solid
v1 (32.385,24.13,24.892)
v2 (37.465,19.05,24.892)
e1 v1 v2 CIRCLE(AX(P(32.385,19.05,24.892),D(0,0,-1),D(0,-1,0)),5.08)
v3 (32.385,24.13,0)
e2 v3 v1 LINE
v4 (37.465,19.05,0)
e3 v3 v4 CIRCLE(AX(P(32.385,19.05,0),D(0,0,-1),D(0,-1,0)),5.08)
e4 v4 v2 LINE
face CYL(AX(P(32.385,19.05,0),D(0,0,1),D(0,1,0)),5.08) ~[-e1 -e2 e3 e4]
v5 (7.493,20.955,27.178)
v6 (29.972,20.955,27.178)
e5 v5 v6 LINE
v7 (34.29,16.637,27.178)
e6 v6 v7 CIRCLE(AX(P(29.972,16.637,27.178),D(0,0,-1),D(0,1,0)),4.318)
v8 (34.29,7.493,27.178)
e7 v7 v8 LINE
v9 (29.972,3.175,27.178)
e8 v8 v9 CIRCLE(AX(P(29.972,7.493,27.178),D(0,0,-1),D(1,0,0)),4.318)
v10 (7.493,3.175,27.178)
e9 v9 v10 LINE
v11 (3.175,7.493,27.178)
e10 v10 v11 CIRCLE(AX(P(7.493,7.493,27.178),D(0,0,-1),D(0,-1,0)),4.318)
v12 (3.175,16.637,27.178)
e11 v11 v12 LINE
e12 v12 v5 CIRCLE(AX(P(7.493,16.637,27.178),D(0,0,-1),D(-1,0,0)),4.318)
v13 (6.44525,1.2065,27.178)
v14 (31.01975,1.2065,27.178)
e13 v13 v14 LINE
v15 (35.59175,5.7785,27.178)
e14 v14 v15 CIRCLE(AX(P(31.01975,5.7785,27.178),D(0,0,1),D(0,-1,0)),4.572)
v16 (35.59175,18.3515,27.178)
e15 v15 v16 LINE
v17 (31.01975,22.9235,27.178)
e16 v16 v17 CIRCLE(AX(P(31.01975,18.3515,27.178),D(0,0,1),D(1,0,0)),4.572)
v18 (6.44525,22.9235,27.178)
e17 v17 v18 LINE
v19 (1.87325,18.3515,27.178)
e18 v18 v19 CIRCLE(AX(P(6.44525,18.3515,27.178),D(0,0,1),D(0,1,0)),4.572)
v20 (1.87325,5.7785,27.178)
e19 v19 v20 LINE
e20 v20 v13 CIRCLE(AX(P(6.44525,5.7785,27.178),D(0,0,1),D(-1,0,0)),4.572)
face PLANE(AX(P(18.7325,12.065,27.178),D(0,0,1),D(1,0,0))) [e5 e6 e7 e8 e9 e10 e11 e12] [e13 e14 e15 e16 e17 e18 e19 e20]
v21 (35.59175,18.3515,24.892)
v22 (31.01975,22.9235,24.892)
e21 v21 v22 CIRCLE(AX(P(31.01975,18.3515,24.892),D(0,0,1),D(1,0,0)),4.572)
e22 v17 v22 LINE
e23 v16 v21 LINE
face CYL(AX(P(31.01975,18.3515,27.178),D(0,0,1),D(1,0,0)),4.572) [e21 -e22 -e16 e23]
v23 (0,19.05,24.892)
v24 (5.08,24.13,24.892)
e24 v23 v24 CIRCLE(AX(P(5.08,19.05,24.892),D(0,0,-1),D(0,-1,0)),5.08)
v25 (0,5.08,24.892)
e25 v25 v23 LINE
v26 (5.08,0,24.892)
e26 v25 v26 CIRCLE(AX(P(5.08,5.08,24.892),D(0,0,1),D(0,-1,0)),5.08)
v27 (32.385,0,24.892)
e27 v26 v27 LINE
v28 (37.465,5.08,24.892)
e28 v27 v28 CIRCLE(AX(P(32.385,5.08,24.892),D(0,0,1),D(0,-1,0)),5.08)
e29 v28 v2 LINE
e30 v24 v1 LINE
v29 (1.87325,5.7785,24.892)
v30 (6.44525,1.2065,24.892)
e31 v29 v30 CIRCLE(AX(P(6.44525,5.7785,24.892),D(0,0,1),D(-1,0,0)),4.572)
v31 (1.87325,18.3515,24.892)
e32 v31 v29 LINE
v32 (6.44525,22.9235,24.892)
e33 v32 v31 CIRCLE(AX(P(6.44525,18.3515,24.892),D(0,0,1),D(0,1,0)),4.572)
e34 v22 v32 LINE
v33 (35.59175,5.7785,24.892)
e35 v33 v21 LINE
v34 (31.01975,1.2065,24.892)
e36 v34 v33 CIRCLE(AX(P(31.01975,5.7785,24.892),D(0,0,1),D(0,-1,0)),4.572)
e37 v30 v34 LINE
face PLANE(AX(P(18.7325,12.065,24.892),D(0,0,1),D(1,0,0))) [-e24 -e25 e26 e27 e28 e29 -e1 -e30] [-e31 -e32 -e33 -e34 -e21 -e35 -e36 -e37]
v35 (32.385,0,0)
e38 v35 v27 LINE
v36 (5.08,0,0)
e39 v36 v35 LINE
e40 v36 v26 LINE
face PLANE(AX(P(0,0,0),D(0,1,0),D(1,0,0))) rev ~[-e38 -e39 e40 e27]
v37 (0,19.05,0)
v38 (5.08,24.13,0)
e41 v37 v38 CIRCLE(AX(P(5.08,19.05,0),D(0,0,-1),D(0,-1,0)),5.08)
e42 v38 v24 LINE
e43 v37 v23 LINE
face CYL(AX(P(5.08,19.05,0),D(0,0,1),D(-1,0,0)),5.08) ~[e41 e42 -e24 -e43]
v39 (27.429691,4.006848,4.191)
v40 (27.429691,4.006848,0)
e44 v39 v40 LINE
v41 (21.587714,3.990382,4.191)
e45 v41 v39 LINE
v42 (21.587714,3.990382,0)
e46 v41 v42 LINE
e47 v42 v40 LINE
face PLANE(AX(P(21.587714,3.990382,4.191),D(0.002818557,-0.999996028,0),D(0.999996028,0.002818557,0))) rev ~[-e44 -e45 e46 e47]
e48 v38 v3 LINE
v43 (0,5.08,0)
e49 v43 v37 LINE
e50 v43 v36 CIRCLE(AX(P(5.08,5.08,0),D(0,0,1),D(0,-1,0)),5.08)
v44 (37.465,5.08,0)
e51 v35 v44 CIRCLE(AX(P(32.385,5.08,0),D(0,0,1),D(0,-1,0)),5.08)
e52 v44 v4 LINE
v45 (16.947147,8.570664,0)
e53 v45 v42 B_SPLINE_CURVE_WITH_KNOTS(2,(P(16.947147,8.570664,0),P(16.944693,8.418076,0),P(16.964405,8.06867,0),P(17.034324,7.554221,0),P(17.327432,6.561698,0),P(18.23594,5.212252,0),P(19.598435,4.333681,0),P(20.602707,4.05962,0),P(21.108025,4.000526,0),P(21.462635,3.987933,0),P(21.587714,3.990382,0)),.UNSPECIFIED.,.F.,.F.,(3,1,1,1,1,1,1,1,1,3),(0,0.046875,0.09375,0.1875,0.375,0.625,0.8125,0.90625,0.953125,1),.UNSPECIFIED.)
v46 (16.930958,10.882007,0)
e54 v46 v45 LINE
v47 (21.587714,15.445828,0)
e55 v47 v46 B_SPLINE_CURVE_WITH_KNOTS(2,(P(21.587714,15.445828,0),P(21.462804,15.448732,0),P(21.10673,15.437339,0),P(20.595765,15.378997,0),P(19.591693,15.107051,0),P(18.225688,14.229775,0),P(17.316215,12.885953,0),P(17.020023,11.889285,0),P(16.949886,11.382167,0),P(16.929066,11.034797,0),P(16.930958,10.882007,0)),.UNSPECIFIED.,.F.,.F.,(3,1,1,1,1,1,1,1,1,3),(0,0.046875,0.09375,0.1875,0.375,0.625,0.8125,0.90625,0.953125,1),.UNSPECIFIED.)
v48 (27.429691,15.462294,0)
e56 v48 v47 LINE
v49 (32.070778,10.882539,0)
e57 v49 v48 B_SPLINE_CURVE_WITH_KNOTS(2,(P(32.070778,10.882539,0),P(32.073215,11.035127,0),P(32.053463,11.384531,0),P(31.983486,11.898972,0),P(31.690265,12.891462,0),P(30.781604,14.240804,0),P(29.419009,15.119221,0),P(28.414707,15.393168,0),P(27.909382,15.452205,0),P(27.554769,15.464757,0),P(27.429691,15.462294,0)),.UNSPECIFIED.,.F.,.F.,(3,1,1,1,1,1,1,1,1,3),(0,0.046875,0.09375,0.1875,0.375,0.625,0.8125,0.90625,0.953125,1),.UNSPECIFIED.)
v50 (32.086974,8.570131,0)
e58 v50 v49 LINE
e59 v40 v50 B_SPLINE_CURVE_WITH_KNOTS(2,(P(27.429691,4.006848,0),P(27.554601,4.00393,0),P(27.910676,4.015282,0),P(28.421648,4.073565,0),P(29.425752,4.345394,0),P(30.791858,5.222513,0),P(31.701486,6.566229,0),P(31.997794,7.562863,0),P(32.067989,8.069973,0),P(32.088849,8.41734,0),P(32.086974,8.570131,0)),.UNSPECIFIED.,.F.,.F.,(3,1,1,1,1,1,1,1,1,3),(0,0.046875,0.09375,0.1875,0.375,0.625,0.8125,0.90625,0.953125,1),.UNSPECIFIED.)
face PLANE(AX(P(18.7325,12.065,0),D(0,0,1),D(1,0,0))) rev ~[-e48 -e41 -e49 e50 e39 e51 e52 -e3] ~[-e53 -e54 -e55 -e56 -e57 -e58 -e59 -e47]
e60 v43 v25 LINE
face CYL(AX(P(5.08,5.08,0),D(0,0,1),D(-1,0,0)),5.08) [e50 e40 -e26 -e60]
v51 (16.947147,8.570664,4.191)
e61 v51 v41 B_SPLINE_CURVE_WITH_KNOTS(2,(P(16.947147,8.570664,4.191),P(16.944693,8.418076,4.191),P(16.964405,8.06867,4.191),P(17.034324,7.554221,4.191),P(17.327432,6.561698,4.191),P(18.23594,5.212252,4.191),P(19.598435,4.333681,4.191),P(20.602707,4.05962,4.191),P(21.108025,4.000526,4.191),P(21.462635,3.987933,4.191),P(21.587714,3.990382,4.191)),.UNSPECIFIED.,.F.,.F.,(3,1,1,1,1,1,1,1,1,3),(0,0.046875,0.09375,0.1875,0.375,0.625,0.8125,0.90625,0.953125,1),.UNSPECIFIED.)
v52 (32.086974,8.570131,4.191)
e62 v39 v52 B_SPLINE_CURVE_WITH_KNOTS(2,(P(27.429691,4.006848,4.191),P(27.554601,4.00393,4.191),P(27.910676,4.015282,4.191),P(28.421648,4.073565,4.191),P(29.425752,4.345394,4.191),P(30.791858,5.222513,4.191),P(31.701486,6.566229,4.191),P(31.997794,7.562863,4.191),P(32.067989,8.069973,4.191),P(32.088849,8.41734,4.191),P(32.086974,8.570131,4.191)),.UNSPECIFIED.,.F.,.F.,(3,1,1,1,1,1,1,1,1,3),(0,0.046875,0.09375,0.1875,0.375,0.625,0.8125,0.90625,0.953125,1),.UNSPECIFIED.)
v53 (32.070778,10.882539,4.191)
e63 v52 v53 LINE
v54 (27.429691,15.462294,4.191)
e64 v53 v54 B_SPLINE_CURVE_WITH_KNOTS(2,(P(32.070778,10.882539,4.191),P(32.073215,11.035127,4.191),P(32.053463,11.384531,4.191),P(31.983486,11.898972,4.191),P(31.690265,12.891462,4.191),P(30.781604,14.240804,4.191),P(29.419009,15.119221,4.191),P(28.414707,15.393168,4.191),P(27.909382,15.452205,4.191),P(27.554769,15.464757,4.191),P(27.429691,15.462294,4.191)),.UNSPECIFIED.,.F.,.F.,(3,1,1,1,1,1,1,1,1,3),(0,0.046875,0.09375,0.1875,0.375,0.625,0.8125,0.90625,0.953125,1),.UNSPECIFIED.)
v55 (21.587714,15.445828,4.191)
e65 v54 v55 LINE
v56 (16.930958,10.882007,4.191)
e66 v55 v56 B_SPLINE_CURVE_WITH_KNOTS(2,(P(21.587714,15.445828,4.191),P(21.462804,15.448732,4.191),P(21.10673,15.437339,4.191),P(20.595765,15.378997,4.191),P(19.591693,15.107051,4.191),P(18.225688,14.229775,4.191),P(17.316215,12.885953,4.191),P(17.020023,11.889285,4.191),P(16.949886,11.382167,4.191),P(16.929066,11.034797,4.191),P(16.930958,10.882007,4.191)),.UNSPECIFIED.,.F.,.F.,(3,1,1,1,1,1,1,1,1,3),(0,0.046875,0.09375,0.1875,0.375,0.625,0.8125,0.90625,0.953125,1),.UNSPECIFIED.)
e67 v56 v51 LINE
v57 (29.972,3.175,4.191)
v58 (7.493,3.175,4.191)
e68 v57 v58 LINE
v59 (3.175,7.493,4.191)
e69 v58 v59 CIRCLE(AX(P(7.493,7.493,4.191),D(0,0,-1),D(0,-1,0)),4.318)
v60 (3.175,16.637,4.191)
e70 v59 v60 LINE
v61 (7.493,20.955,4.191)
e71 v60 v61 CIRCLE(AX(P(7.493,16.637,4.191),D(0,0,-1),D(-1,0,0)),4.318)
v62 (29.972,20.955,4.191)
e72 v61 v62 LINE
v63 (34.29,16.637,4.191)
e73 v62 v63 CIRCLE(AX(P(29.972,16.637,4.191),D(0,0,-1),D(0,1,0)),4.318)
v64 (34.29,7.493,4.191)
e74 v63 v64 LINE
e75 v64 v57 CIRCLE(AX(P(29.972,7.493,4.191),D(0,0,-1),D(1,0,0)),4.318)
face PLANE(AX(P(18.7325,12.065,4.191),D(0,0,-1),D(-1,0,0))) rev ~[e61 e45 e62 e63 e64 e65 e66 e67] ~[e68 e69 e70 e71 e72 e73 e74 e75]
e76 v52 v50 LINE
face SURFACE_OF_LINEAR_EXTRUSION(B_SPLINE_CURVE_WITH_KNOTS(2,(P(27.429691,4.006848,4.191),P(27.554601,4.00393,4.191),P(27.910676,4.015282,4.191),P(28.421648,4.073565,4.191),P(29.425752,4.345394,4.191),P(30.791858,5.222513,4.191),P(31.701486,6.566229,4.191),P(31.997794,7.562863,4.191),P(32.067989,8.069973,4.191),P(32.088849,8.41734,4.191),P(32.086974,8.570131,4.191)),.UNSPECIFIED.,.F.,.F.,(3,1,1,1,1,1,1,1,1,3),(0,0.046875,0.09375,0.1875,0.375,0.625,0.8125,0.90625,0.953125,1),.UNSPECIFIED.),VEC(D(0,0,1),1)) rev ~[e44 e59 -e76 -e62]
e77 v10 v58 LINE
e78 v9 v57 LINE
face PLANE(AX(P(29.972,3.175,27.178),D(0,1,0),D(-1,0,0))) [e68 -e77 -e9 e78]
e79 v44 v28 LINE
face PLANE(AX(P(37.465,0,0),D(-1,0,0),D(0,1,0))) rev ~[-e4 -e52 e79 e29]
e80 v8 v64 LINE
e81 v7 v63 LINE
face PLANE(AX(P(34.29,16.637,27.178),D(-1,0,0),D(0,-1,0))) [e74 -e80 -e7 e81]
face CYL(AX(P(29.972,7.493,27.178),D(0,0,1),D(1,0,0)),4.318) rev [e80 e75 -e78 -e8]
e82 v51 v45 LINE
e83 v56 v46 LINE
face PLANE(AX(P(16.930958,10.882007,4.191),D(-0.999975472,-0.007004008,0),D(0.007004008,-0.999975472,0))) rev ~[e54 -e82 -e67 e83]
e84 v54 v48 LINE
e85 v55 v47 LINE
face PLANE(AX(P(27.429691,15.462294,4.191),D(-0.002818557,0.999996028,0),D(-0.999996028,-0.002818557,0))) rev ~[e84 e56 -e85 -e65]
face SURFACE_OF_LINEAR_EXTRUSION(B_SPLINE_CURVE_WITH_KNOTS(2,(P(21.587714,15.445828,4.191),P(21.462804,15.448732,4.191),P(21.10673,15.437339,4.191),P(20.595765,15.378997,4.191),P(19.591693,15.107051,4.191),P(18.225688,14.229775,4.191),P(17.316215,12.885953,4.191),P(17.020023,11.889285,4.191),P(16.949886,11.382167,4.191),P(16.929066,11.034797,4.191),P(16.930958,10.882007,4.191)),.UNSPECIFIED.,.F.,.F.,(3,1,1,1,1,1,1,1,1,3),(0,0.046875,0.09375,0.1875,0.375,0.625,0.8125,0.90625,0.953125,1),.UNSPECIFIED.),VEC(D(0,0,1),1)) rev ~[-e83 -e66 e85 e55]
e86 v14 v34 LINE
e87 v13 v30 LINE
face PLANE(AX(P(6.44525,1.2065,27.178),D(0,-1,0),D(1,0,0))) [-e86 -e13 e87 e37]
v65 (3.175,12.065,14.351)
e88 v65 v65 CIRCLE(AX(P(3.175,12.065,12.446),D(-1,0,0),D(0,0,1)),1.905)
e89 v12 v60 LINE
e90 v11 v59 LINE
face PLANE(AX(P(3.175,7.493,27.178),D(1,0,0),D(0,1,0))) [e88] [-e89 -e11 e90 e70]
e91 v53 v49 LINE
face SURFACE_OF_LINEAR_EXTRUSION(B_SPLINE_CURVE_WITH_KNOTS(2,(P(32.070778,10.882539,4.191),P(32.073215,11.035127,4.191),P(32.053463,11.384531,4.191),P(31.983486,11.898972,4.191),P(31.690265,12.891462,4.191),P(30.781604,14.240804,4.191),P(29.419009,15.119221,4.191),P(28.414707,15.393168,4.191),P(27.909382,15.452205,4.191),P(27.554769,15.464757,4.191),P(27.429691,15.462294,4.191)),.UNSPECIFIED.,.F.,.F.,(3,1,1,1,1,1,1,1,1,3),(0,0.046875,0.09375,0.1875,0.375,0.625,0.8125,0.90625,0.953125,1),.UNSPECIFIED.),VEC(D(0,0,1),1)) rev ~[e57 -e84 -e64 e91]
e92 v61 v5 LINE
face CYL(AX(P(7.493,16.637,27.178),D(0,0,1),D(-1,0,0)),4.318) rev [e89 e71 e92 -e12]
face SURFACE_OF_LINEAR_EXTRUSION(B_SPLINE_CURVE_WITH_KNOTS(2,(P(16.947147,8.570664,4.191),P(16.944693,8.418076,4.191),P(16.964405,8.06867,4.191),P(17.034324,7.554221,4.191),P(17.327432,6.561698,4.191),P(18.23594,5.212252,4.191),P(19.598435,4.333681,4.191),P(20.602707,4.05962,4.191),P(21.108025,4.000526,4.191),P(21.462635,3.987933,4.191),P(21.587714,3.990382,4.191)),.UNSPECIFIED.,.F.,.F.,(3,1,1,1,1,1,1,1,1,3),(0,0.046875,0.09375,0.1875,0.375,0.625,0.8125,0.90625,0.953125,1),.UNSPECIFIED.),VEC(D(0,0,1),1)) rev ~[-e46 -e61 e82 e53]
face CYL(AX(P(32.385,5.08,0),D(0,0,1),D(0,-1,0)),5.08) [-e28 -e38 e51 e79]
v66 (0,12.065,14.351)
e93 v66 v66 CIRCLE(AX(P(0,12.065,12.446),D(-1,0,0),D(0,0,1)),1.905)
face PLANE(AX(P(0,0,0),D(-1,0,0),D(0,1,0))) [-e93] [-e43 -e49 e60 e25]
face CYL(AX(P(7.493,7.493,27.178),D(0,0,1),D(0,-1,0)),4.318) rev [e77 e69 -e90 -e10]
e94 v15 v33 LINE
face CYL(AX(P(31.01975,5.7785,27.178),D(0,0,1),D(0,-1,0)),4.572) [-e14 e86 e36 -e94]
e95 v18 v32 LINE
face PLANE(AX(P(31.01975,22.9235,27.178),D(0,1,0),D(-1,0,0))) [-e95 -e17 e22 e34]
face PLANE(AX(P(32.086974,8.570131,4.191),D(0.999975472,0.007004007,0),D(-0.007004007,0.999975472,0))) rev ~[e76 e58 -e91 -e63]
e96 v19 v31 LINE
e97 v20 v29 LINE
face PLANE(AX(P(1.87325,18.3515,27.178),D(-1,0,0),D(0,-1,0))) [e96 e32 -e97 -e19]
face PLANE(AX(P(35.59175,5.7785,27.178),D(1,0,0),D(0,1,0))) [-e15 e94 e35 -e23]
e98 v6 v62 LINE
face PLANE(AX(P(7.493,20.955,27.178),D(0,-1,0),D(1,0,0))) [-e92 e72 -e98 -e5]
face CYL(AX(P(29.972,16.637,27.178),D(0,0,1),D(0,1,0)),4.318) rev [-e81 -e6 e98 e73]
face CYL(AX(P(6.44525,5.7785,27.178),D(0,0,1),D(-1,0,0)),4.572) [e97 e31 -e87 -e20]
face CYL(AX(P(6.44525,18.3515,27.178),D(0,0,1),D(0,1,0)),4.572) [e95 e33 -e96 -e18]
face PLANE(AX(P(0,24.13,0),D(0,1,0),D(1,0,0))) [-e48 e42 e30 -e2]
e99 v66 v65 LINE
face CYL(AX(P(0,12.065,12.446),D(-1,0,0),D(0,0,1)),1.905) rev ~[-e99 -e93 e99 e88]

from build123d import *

# Parameters (mm, degrees)
SKETCH2_W           = 37.465
SKETCH2_H           = 24.13
BOSS_EXTRUDE1_DEPTH = 24.892
CUT_EXTRUDE1_DEPTH  = 20.701
CUT_EXTRUDE3_DEPTH  = 4.191
FILLET1_R           = 5.08
BOSS_EXTRUDE3_START = 2.286
BOSS_EXTRUDE3_DEPTH = 2.286
SKETCH8_R           = 1.905
CUT_EXTRUDE4_DEPTH  = 7.62


with BuildPart() as part:
    # Sketch2 → Boss-Extrude1 (new body)
    with BuildSketch(Plane.XY):
        with Locations((18.7325, 12.065)):
            Rectangle(SKETCH2_W, SKETCH2_H)
    extrude(amount=BOSS_EXTRUDE1_DEPTH)

    # Sketch3 → Cut-Extrude1 (cut)
    with BuildSketch(Plane.XY.offset(24.892)):
        with BuildLine():
            ThreePointArc((3.175, 16.637), (4.439712919, 19.690287081), (7.493, 20.955))
            Line((7.493, 20.955), (29.972, 20.955))
            ThreePointArc((29.972, 20.955), (33.025287081, 19.690287081), (34.29, 16.637))
            Line((34.29, 16.637), (34.29, 7.493))
            ThreePointArc((34.29, 7.493), (33.025287081, 4.439712919), (29.972, 3.175))
            Line((29.972, 3.175), (7.493, 3.175))
            ThreePointArc((7.493, 3.175), (4.439712919, 4.439712919), (3.175, 7.493))
            Line((3.175, 7.493), (3.175, 16.637))
        make_face()
    extrude(amount=-CUT_EXTRUDE1_DEPTH, mode=Mode.SUBTRACT)

    # Sketch4 → Cut-Extrude3 (cut)
    with BuildSketch(Plane.XY.offset(4.191)):
        with BuildLine():
            Line((32.086974483, 8.570131), (32.07077796, 10.882539488))
            add(Edge.make_bspline(
                [(32.07077796, 10.882539488), (32.073215089, 11.03512727), (32.05346317, 11.384531492), (31.98348624, 11.89897185), (31.690265244, 12.891461502), (30.781603575, 14.240804474), (29.41900903, 15.119220909), (28.414706523, 15.393168176), (27.909381539, 15.452204781), (27.554769457, 15.464756938), (27.429691001, 15.46229384)],
                knots=[0, 0, 0, 0.046875, 0.09375, 0.1875, 0.375, 0.625, 0.8125, 0.90625, 0.953125, 1, 1, 1], degree=2))
            Line((27.429691001, 15.46229384), (21.587714207, 15.44582783))
            add(Edge.make_bspline(
                [(21.587714207, 15.44582783), (21.462803996, 15.448731855), (21.106730304, 15.437338634), (20.595765352, 15.378996632), (19.591692577, 15.107051395), (18.225687665, 14.229774678), (17.316214622, 12.885953496), (17.020022679, 11.889285009), (16.949885556, 11.382167163), (16.92906595, 11.034797324), (16.930958193, 10.882006896)],
                knots=[0, 0, 0, 0.046875, 0.09375, 0.1875, 0.375, 0.625, 0.8125, 0.90625, 0.953125, 1, 1, 1], degree=2))
            Line((16.930958193, 10.882006896), (16.947147256, 8.570663591))
            add(Edge.make_bspline(
                [(16.947147256, 8.570663591), (16.944692803, 8.418076087), (16.96440505, 8.068669624), (17.034323571, 7.554221325), (17.32743188, 6.561698387), (18.235940341, 5.212252256), (19.598435143, 4.33368112), (20.60270654, 4.059619828), (21.108024818, 4.00052585), (21.462635472, 3.98793343), (21.587714207, 3.990382327)],
                knots=[0, 0, 0, 0.046875, 0.09375, 0.1875, 0.375, 0.625, 0.8125, 0.90625, 0.953125, 1, 1, 1], degree=2))
            Line((21.587714207, 3.990382327), (27.429691002, 4.006848338))
            add(Edge.make_bspline(
                [(27.429691002, 4.006848338), (27.554600877, 4.003929875), (27.910675883, 4.015281941), (28.421647575, 4.073564883), (29.425751775, 4.345394065), (30.791858076, 5.22251289), (31.701486436, 6.566228943), (31.997793574, 7.562863188), (32.067989311, 8.069972924), (32.088849066, 8.417340355), (32.086974483, 8.570131)],
                knots=[0, 0, 0, 0.046875, 0.09375, 0.1875, 0.375, 0.625, 0.8125, 0.90625, 0.953125, 1, 1, 1], degree=2))
        make_face()
    extrude(amount=-CUT_EXTRUDE3_DEPTH, mode=Mode.SUBTRACT)

    # Fillet1
    fillet1_edges = [part.edges().sort_by_distance(p)[0] for p in [
        (0, 24.13, 12.446),
        (37.465, 24.13, 12.446),
        (37.465, 0, 12.446),
        (0, 0, 12.446),
    ]]
    fillet(fillet1_edges, radius=FILLET1_R)

    # Sketch7 → Boss-Extrude3 (add)
    with BuildSketch(Plane.XY.offset(24.892).offset(BOSS_EXTRUDE3_START)):
        with BuildLine():
            Line((6.44525, 1.2065), (31.01975, 1.2065))
            ThreePointArc((31.01975, 1.2065), (34.252642204, 2.545607796), (35.59175, 5.7785))
            Line((35.59175, 5.7785), (35.59175, 18.3515))
            ThreePointArc((35.59175, 18.3515), (34.252642204, 21.584392204), (31.01975, 22.9235))
            Line((31.01975, 22.9235), (6.44525, 22.9235))
            ThreePointArc((6.44525, 22.9235), (3.212357796, 21.584392204), (1.87325, 18.3515))
            Line((1.87325, 18.3515), (1.87325, 5.7785))
            ThreePointArc((1.87325, 5.7785), (3.212357796, 2.545607796), (6.44525, 1.2065))
        make_face()
        with BuildLine():
            Line((7.493, 20.955), (29.972, 20.955))
            ThreePointArc((29.972, 20.955), (33.025287081, 19.690287081), (34.29, 16.637))
            Line((34.29, 16.637), (34.29, 7.493))
            ThreePointArc((34.29, 7.493), (33.025287081, 4.439712919), (29.972, 3.175))
            Line((29.972, 3.175), (7.493, 3.175))
            ThreePointArc((7.493, 3.175), (4.439712919, 4.439712919), (3.175, 7.493))
            Line((3.175, 7.493), (3.175, 16.637))
            ThreePointArc((3.175, 16.637), (4.439712919, 19.690287081), (7.493, 20.955))
        make_face(mode=Mode.SUBTRACT)
    extrude(amount=-BOSS_EXTRUDE3_DEPTH)

    # Sketch8 → Cut-Extrude4 (cut)
    with BuildSketch(Plane.ZY):
        with Locations((12.446, 12.065)):
            Circle(SKETCH8_R)
    extrude(amount=-CUT_EXTRUDE4_DEPTH, mode=Mode.SUBTRACT)


solid = part.part
